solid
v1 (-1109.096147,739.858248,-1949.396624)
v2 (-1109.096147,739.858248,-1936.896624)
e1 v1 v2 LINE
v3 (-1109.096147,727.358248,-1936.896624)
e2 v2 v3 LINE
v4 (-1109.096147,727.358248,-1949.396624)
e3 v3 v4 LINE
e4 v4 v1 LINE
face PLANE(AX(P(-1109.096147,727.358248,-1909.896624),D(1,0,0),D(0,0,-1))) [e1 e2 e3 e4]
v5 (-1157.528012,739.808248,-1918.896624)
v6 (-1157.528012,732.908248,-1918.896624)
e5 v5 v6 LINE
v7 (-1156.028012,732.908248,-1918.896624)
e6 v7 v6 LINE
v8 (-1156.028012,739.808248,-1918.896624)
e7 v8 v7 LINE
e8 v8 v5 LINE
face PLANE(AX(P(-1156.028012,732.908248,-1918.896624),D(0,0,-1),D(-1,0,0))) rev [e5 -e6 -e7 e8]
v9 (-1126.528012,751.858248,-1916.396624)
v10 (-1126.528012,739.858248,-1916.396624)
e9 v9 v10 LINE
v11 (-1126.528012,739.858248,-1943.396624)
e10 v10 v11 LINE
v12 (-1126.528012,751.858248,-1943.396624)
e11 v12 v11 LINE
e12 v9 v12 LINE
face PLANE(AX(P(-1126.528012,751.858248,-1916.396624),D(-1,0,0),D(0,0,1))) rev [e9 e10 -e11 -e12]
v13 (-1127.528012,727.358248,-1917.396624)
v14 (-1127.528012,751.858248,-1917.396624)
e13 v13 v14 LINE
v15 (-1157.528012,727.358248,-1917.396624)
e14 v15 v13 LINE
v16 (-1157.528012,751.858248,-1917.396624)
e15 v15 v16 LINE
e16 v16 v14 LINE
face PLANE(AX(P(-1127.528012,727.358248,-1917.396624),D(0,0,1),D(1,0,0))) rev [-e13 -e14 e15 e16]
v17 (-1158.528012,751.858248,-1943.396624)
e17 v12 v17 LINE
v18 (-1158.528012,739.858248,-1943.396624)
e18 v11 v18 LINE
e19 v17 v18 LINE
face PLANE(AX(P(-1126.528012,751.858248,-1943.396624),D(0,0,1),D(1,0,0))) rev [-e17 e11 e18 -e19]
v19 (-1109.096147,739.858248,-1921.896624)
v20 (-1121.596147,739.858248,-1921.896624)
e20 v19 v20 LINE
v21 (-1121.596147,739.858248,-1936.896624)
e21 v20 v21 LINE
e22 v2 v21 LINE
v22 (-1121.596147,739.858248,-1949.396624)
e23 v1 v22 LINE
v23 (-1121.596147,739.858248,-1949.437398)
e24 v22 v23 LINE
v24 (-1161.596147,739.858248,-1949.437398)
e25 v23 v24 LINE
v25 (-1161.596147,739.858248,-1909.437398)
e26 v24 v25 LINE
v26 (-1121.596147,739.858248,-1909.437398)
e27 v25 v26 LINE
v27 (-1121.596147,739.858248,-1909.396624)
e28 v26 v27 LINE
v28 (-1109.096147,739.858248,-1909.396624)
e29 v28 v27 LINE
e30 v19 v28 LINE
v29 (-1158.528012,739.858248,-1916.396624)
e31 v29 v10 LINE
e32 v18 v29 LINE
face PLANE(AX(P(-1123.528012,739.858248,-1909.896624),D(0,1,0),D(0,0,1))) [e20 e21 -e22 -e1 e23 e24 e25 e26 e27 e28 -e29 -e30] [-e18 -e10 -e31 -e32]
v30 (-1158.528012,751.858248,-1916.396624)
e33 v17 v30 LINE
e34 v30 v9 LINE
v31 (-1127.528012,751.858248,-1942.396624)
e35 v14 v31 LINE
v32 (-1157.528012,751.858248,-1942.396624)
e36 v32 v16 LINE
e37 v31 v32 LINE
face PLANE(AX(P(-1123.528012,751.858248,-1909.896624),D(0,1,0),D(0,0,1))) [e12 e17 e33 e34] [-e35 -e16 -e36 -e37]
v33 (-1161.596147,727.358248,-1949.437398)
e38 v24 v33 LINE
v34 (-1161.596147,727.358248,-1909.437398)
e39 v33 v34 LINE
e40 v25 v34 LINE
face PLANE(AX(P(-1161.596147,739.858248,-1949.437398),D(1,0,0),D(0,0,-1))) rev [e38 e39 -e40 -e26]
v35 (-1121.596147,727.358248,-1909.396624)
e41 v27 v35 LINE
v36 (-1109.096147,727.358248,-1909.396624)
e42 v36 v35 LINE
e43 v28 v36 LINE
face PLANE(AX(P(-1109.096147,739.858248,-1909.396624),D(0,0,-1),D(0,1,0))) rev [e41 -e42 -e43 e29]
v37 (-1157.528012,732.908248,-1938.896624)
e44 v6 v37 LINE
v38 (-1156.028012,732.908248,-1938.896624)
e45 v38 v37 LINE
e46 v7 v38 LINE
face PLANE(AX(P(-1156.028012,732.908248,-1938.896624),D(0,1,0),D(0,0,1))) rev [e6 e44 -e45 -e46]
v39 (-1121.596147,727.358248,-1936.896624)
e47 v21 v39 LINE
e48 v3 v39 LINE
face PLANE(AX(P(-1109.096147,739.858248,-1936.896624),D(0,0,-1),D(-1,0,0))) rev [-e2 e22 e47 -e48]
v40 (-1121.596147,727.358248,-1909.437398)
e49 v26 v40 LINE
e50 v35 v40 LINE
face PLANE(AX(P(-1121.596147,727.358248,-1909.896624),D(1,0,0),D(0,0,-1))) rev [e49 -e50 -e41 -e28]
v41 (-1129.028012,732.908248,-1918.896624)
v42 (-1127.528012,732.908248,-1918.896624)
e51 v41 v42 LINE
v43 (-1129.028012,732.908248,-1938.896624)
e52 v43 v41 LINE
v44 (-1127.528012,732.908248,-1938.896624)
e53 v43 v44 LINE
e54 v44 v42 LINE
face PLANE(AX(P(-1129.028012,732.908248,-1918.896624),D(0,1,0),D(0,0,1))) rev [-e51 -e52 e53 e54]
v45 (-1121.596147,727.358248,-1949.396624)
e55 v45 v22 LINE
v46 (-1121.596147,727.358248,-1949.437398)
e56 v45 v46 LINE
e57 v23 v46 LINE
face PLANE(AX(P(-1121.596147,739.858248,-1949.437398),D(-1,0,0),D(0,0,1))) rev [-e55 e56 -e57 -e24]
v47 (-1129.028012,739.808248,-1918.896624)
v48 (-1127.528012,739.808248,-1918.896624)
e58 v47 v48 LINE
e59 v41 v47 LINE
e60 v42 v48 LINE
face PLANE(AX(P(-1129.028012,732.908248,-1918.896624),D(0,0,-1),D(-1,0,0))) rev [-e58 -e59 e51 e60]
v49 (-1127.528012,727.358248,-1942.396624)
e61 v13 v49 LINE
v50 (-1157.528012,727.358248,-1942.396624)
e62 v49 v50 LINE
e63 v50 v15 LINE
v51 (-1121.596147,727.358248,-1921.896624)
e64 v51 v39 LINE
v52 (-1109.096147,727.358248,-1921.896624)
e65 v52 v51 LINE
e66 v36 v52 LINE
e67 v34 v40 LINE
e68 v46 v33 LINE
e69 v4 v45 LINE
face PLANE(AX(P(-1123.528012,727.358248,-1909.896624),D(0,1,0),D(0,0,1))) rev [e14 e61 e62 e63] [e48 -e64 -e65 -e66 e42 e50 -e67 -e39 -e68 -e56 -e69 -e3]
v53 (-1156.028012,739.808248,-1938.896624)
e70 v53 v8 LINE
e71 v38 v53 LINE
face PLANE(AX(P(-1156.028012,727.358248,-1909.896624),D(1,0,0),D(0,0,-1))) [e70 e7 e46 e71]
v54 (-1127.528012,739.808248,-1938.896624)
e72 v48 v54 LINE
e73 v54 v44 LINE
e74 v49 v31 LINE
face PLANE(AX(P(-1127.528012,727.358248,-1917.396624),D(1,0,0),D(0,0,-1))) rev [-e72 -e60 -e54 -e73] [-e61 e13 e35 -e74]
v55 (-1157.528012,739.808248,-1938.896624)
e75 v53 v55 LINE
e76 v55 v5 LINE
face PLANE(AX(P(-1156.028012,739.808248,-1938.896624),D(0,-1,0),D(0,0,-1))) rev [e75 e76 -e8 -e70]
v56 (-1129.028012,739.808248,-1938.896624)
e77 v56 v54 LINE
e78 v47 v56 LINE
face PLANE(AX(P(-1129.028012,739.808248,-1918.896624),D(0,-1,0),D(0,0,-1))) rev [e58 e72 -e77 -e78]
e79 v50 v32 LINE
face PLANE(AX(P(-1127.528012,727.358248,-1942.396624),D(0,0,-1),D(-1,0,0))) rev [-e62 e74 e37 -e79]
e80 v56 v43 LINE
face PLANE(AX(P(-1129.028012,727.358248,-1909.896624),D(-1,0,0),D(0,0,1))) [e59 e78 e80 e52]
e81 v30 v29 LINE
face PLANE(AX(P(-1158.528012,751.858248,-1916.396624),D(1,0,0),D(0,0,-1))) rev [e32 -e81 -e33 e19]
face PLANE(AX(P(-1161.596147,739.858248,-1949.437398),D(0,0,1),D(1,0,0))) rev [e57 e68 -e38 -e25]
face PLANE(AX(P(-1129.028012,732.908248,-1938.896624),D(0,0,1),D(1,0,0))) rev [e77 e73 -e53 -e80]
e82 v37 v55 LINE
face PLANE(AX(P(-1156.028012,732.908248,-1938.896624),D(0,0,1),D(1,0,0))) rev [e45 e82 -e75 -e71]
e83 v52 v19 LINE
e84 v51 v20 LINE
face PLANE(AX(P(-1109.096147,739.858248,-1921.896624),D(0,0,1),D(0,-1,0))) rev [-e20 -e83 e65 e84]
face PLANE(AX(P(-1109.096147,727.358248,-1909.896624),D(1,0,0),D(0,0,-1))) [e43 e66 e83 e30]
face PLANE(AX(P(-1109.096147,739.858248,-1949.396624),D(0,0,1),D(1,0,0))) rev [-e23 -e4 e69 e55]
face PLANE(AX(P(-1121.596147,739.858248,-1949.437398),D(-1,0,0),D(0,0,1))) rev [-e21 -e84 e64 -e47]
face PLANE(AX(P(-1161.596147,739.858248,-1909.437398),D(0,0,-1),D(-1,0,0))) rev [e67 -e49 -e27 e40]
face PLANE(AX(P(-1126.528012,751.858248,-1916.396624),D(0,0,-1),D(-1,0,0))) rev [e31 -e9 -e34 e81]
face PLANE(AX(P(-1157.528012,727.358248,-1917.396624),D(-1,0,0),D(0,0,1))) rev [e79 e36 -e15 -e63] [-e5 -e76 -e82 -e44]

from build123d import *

# Parameters (mm, degrees)
SKETCH3_W           = 4000
SKETCH3_H           = 4000
BOSS_EXTRUDE1_DEPTH = 1250
SKETCH4_W           = 3200
SKETCH4_H           = 2700
BOSS_EXTRUDE2_DEPTH = 1200
SKETCH6_W           = 3000
SKETCH6_H           = 2500
CUT_EXTRUDE1_DEPTH  = 6011.745093863
SKETCH9_W           = 2000
SKETCH9_H           = 690
BOSS_EXTRUDE8_DEPTH = 150
SKETCH8_W           = 2000
SKETCH8_H           = 690
BOSS_EXTRUDE9_DEPTH = 150
SKETCH13_W          = 1250
SKETCH13_H          = 1250
BOSS_EXTRUDE5_DEPTH = 1250
SKETCH14_W          = 1250
SKETCH14_H          = 1250
BOSS_EXTRUDE6_DEPTH = 1250
SCALE1_SCALE        = 0.01


with BuildPart() as part:
    # Sketch3 → Boss-Extrude1 (new body)
    with BuildSketch(Plane(origin=(0, 0, 0), x_dir=(1, 0, 0), z_dir=(0, 1, 0))):
        with Locations((-1806.81348539, 1954.077347606)):
            Rectangle(SKETCH3_W, SKETCH3_H)
    extrude(amount=BOSS_EXTRUDE1_DEPTH)

    # Sketch4 → Boss-Extrude2 (add)
    with BuildSketch(Plane(origin=(0, 1250, 0), x_dir=(1, 0, 0), z_dir=(0, 1, 0))):
        with Locations((-1900, 2000)):
            Rectangle(SKETCH4_W, SKETCH4_H)
    extrude(amount=BOSS_EXTRUDE2_DEPTH)

    # Sketch6 → Cut-Extrude1 (cut, through all)
    with BuildSketch(Plane(origin=(0, 2450, 0), x_dir=(1, 0, 0), z_dir=(0, 1, 0))):
        with Locations((-1900, 2000)):
            Rectangle(SKETCH6_W, SKETCH6_H)
    extrude(amount=-CUT_EXTRUDE1_DEPTH, mode=Mode.SUBTRACT)

    # Sketch9 → Boss-Extrude8 (add)
    with BuildSketch(Plane.ZY.offset(400)):
        with Locations((-1900, 900)):
            Rectangle(SKETCH9_W, SKETCH9_H)
    extrude(amount=BOSS_EXTRUDE8_DEPTH)

    # Sketch8 → Boss-Extrude9 (add)
    with BuildSketch(Plane(origin=(-3400, 0, 0), x_dir=(0, 0, -1), z_dir=(1, 0, 0))):
        with Locations((1900, 900)):
            Rectangle(SKETCH8_W, SKETCH8_H)
    extrude(amount=BOSS_EXTRUDE9_DEPTH)

    # Sketch13 → Boss-Extrude5 (add)
    with BuildSketch(Plane(origin=(193.18651461, 0, 0), x_dir=(0, 0, -1), z_dir=(1, 0, 0))):
        with Locations((575, 625)):
            Rectangle(SKETCH13_W, SKETCH13_H)
    extrude(amount=BOSS_EXTRUDE5_DEPTH)

    # Sketch14 → Boss-Extrude6 (add)
    with BuildSketch(Plane(origin=(193.18651461, 0, 0), x_dir=(0, 0, -1), z_dir=(1, 0, 0))):
        with Locations((3325, 625)):
            Rectangle(SKETCH14_W, SKETCH14_H)
    extrude(amount=BOSS_EXTRUDE6_DEPTH)


with BuildPart() as part_1:
    # Scale1: scaled about (-1134.876780231, 734.705300906, -1929.188509471)
    add(part.part.scale(SCALE1_SCALE).moved(Location((-1123.528012429, 727.358247897, -1909.896624376))))


solid = part_1.part
